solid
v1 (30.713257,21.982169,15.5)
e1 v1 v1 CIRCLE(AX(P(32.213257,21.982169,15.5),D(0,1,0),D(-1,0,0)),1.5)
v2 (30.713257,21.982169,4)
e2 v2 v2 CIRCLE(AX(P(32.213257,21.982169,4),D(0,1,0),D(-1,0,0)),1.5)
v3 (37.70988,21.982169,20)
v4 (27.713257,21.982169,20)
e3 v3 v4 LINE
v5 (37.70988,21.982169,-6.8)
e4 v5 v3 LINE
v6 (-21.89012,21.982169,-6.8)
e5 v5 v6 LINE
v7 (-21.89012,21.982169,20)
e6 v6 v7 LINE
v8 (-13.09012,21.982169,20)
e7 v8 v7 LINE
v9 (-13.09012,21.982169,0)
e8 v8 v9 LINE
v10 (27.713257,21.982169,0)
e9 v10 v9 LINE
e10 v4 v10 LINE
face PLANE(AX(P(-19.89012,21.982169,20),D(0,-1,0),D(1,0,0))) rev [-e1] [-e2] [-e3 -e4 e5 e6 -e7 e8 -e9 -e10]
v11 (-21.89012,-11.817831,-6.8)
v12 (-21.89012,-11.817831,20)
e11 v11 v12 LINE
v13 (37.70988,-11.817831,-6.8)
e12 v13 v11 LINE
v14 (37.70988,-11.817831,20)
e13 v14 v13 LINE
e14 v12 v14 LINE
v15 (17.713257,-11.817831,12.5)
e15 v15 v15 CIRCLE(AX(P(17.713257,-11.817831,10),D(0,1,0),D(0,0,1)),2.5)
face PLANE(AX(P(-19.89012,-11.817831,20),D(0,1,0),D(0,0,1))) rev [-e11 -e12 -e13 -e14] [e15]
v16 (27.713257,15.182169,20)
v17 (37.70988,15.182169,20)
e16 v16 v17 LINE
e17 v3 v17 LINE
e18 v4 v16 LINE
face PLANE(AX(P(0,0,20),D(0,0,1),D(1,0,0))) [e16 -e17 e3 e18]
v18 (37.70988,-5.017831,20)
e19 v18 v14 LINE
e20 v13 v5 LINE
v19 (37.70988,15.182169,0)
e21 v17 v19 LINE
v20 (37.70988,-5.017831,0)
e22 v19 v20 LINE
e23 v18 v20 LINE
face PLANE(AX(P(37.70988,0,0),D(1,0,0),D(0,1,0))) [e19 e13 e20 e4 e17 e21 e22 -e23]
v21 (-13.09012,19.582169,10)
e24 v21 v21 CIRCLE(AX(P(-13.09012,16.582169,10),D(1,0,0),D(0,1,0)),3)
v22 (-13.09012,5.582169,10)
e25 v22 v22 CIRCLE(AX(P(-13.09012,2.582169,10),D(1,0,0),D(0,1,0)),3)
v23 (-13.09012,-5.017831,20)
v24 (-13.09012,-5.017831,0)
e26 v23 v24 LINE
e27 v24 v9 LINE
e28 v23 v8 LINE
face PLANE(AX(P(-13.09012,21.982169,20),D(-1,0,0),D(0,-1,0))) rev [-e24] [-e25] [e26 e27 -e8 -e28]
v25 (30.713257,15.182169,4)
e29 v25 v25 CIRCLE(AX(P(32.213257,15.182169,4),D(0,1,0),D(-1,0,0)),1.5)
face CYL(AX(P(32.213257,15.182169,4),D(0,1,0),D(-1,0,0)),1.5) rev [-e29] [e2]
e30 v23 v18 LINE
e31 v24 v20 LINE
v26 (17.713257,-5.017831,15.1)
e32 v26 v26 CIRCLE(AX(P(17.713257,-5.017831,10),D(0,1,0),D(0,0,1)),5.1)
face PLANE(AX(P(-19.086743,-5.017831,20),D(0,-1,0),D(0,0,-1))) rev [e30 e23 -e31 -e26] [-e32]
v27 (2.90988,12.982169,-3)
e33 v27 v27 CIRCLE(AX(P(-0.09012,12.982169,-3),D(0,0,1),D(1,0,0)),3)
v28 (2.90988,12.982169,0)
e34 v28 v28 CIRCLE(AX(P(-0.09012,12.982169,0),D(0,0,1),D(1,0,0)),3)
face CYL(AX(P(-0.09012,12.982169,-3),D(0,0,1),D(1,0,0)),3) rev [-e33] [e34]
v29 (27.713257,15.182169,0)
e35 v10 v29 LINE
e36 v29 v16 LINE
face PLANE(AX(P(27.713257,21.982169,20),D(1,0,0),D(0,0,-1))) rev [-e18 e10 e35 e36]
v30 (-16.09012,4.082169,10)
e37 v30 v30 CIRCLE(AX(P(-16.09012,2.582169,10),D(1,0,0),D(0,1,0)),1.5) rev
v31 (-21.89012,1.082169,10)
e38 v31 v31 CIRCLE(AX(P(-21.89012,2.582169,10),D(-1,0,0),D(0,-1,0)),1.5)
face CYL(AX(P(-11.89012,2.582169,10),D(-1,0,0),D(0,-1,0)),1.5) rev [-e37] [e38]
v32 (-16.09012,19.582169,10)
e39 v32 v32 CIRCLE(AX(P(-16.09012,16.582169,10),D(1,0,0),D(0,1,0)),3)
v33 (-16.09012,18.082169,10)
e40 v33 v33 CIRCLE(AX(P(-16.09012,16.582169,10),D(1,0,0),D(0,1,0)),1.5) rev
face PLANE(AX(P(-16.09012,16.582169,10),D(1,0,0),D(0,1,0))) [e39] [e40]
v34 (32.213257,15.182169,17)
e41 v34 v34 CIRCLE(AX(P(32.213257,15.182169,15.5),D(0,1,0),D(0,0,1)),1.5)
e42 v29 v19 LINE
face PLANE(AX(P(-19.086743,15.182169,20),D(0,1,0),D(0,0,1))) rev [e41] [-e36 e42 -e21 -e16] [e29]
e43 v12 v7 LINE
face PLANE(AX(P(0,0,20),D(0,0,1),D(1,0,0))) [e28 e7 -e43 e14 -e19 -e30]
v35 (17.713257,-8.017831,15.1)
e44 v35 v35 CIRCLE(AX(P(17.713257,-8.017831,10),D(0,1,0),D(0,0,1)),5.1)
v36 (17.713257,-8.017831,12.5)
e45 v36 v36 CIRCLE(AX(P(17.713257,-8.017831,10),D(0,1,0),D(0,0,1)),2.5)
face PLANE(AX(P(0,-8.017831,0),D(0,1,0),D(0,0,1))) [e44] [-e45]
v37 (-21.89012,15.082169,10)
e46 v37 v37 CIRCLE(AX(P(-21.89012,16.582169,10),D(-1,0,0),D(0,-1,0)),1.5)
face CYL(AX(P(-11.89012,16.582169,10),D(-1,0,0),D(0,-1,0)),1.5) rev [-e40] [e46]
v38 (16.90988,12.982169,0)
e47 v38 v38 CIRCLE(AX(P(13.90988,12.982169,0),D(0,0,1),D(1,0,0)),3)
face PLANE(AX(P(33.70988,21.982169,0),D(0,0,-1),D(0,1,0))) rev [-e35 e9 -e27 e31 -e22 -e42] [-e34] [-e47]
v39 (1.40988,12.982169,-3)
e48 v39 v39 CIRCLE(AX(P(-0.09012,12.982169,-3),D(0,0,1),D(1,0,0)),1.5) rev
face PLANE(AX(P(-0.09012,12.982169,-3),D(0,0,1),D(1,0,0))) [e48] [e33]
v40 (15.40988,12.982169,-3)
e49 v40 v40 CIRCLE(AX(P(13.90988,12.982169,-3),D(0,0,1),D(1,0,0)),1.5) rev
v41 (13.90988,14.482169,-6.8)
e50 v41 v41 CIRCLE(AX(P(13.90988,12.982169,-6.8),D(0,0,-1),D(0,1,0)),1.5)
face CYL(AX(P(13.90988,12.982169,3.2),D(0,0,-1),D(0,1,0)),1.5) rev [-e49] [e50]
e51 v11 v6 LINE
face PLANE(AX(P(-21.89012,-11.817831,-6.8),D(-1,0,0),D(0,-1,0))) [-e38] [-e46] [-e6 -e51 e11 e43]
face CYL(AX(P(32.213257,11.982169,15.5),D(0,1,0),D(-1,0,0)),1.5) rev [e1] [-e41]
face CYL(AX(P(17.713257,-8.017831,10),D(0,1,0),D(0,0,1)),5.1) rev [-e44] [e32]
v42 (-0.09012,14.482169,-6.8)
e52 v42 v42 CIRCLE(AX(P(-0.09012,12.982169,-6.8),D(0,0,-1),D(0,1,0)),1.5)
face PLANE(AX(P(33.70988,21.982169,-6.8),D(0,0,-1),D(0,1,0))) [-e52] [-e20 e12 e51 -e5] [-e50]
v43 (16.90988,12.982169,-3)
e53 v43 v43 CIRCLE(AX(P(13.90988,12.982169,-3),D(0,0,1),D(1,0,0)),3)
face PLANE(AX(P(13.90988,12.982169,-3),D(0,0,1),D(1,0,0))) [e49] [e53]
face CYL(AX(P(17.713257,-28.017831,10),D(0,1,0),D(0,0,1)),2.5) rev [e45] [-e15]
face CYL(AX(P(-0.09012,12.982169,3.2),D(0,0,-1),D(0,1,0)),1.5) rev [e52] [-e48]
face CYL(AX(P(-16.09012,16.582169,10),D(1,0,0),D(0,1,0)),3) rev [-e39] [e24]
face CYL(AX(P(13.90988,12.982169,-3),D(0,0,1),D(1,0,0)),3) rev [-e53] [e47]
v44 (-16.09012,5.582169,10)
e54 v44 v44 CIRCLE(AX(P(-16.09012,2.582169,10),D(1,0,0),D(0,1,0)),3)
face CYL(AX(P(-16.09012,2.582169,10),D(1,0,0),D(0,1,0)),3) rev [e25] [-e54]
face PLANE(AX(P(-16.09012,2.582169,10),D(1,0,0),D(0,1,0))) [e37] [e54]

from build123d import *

# Parameters (mm, degrees)
BOSS_EXTRUDE2_DEPTH  = 20
SKETCH4_W            = 6.8
SKETCH4_H            = 33.8
BOSS_EXTRUDE3_DEPTH  = 53.6
SKETCH8_W            = 20
SKETCH8_H            = 20.2
CUT_EXTRUDE1_DEPTH   = 53.6
SKETCH9_R            = 5
CUT_EXTRUDE3_DEPTH   = 3
SKETCH11_R           = 2.5
CUT_EXTRUDE4_DEPTH   = 20
SKETCH12_R           = 1.1
CUT_EXTRUDE6_DEPTH   = 20
SKETCH13_W           = 2
SKETCH13_H           = 26.8
BOSS_EXTRUDE4_DEPTH  = 33.8
SKETCH16_R           = 1.1
CUT_EXTRUDE7_DEPTH   = 20
SKETCH17_W           = 2
SKETCH17_H           = 26.8
BOSS_EXTRUDE5_DEPTH  = 33.8
SKETCH18_W           = 20
SKETCH18_H           = 20.2
CUT_EXTRUDE9_DEPTH   = 60
SKETCH19_W           = 20
SKETCH19_H           = 20.2
CUT_EXTRUDE10_DEPTH  = 60
SKETCH20_W           = 8.8
SKETCH20_H           = 20.2
BOSS_EXTRUDE6_DEPTH  = 20
SKETCH21_R           = 1.1
BOSS_EXTRUDE7_DEPTH  = 13.6
SKETCH23_R           = 1.1
BOSS_EXTRUDE8_DEPTH  = 13.6
SKETCH24_R           = 1.125173923
BOSS_EXTRUDE9_DEPTH  = 6.8
SKETCH25_R           = 1.1
SKETCH25_R_2         = 1.440897936
BOSS_EXTRUDE10_DEPTH = 6.8
SKETCH26_R           = 1.5
CUT_EXTRUDE11_DEPTH  = 10
SKETCH27_R           = 1.5
CUT_EXTRUDE12_DEPTH  = 10
SKETCH29_R           = 1.5
CUT_EXTRUDE15_DEPTH  = 10
SKETCH31_R           = 3
CUT_EXTRUDE16_DEPTH  = 3
SKETCH32_R           = 3
CUT_EXTRUDE17_DEPTH  = 3
SKETCH33_R           = 5.1
CUT_EXTRUDE18_DEPTH  = 3
SKETCH35_W           = 6.8
SKETCH35_H           = 20.2
BOSS_EXTRUDE11_DEPTH = 2
SKETCH36_R           = 2.5
BOSS_EXTRUDE13_DEPTH = 6.8
SKETCH37_R           = 1.5
CUT_EXTRUDE19_DEPTH  = 6.8


with BuildPart() as part:
    # Sketch1 → Boss-Extrude2 (new body)
    with BuildSketch(Plane.XY):
        Polygon((-13.090120482, -4.867831325), (27.713257426, -4.867831325), (27.713257426, 21.982168675), (34.513257426, 21.982168675), (34.513257426, -5.017831325), (34.513257426, -11.817831325), (-19.890120482, -11.817831325), (-19.890120482, -5.017831325), (-19.890120482, 21.982168675), (-13.090120482, 21.982168675), align=None)
    extrude(amount=BOSS_EXTRUDE2_DEPTH)

    # Sketch4 → Boss-Extrude3 (add)
    with BuildSketch(Plane.ZY.offset(19.890120482)):
        with Locations((-3.4, 5.082168675)):
            Rectangle(SKETCH4_W, SKETCH4_H)
    extrude(amount=-BOSS_EXTRUDE3_DEPTH)

    # Sketch8 → Cut-Extrude1 (cut)
    with BuildSketch(Plane(origin=(34.513257426, 0, 0), x_dir=(0, 0, -1), z_dir=(1, 0, 0))):
        with Locations((-10, 5.082168675)):
            Rectangle(SKETCH8_W, SKETCH8_H)
    extrude(amount=-CUT_EXTRUDE1_DEPTH, mode=Mode.SUBTRACT)

    # Sketch9 → Cut-Extrude3 (cut)
    with BuildSketch(Plane(origin=(0, -5.017831325, 0), x_dir=(1, 0, 0), z_dir=(0, 1, 0))):
        with Locations(Location((17.713257426, -10, 0), (0, 0, 270))):
            Circle(SKETCH9_R)
    extrude(amount=-CUT_EXTRUDE3_DEPTH, mode=Mode.SUBTRACT)

    # Sketch11 → Cut-Extrude4 (cut)
    with BuildSketch(Plane(origin=(0, -8.017831325, 0), x_dir=(1, 0, 0), z_dir=(0, 1, 0))):
        with Locations(Location((17.713257426, -10, 0), (0, 0, 270))):
            Circle(SKETCH11_R)
    extrude(amount=-CUT_EXTRUDE4_DEPTH, mode=Mode.SUBTRACT)

    # Sketch12 → Cut-Extrude6 (cut)
    with BuildSketch(Plane(origin=(0, 21.982168675, 0), x_dir=(1, 0, 0), z_dir=(0, 1, 0))):
        with Locations(Location((32.513257426, -15.3, 0), (0, 0, 180))):
            Circle(SKETCH12_R)
        with Locations(Location((31.709879518, -4.7, 0), (0, 0, 180))):
            Circle(SKETCH12_R)
    extrude(amount=-CUT_EXTRUDE6_DEPTH, mode=Mode.SUBTRACT)

    # Sketch13 → Boss-Extrude4 (add)
    with BuildSketch(Plane(origin=(0, 21.982168675, 0), x_dir=(1, 0, 0), z_dir=(0, 1, 0))):
        with Locations((34.709879518, -6.6)):
            Rectangle(SKETCH13_W, SKETCH13_H)
    extrude(amount=-BOSS_EXTRUDE4_DEPTH)

    # Sketch16 → Cut-Extrude7 (cut)
    with BuildSketch(Plane(origin=(0, 21.982168675, 0), x_dir=(1, 0, 0), z_dir=(0, 1, 0))):
        with Locations(Location((-17.890120482, -15.3, 0), (0, 0, 180))):
            Circle(SKETCH16_R)
        with Locations(Location((-17.890120482, -4.7, 0), (0, 0, 180))):
            Circle(SKETCH16_R)
    extrude(amount=-CUT_EXTRUDE7_DEPTH, mode=Mode.SUBTRACT)

    # Sketch17 → Boss-Extrude5 (add)
    with BuildSketch(Plane(origin=(0, 21.982168675, 0), x_dir=(1, 0, 0), z_dir=(0, 1, 0))):
        with Locations((-20.890120482, -6.6)):
            Rectangle(SKETCH17_W, SKETCH17_H)
    extrude(amount=-BOSS_EXTRUDE5_DEPTH)

    # Sketch18 → Cut-Extrude9 (cut)
    with BuildSketch(Plane.ZY.offset(-33.709879518)):
        with Locations((10, 5.082168675)):
            Rectangle(SKETCH18_W, SKETCH18_H)
    extrude(amount=CUT_EXTRUDE9_DEPTH, mode=Mode.SUBTRACT)

    # Sketch19 → Cut-Extrude10 (cut)
    with BuildSketch(Plane.ZY.offset(-33.709879518)):
        with Locations((10, 5.082168675)):
            Rectangle(SKETCH19_W, SKETCH19_H)
    extrude(amount=-CUT_EXTRUDE10_DEPTH, mode=Mode.SUBTRACT)

    # Sketch20 → Boss-Extrude6 (add)
    with BuildSketch(Plane.XY):
        with Locations((-17.490120482, 5.082168675)):
            Rectangle(SKETCH20_W, SKETCH20_H)
    extrude(amount=BOSS_EXTRUDE6_DEPTH)

    # Sketch21 → Boss-Extrude7 (add)
    with BuildSketch(Plane(origin=(0, 21.982168675, 0), x_dir=(1, 0, 0), z_dir=(0, 1, 0))):
        with Locations((-17.890120482, -4.7)):
            Circle(SKETCH21_R)
    extrude(amount=-BOSS_EXTRUDE7_DEPTH)

    # Sketch23 → Boss-Extrude8 (add)
    with BuildSketch(Plane(origin=(0, 21.982168675, 0), x_dir=(1, 0, 0), z_dir=(0, 1, 0))):
        with Locations((-17.890120482, -15.3)):
            Circle(SKETCH23_R)
    extrude(amount=-BOSS_EXTRUDE8_DEPTH)

    # Sketch24 → Boss-Extrude9 (add)
    with BuildSketch(Plane(origin=(0, 21.982168675, 0), x_dir=(1, 0, 0), z_dir=(0, 1, 0))):
        with Locations((32.513257426, -15.3)):
            Circle(SKETCH24_R)
    extrude(amount=-BOSS_EXTRUDE9_DEPTH)

    # Sketch25 → Boss-Extrude10 (add)
    with BuildSketch(Plane(origin=(0, 21.982168675, 0), x_dir=(1, 0, 0), z_dir=(0, 1, 0))):
        with Locations((29.715206423, -15.150513528)):
            Circle(SKETCH25_R)
        with Locations((31.709879518, -4.7)):
            Circle(SKETCH25_R_2)
    extrude(amount=-BOSS_EXTRUDE10_DEPTH)

    # Sketch26 → Cut-Extrude11 (cut)
    with BuildSketch(Plane(origin=(0, 21.982168675, 0), x_dir=(1, 0, 0), z_dir=(0, 1, 0))):
        with Locations(Location((32.213257426, -4.5, 0), (0, 0, 180))):
            Circle(SKETCH26_R)
        with Locations(Location((32.213257426, -15.5, 0), (0, 0, 180))):
            Circle(SKETCH26_R)
    extrude(amount=-CUT_EXTRUDE11_DEPTH, mode=Mode.SUBTRACT)

    # Sketch27 → Cut-Extrude12 (cut)
    with BuildSketch(Plane(origin=(0, 0, -6.8), x_dir=(-1, 0, 0), z_dir=(0, 0, -1))):
        with Locations(Location((-13.909879518, 12.982168675, 0), (0, 0, 90))):
            Circle(SKETCH27_R)
        with Locations(Location((0.090120482, 12.982168675, 0), (0, 0, 90))):
            Circle(SKETCH27_R)
    extrude(amount=-CUT_EXTRUDE12_DEPTH, mode=Mode.SUBTRACT)

    # Sketch29 → Cut-Extrude15 (cut)
    with BuildSketch(Plane.ZY.offset(21.890120482)):
        with Locations(Location((10, 2.582168675, 0), (0, 0, 270))):
            Circle(SKETCH29_R)
        with Locations(Location((10, 16.582168675, 0), (0, 0, 270))):
            Circle(SKETCH29_R)
    extrude(amount=-CUT_EXTRUDE15_DEPTH, mode=Mode.SUBTRACT)

    # Sketch31 → Cut-Extrude16 (cut)
    with BuildSketch(Plane(origin=(-13.090120482, 0, 0), x_dir=(0, 0, -1), z_dir=(1, 0, 0))):
        with Locations(Location((-10, 2.582168675, 0), (0, 0, 90))):
            Circle(SKETCH31_R)
        with Locations(Location((-10, 16.582168675, 0), (0, 0, 90))):
            Circle(SKETCH31_R)
    extrude(amount=-CUT_EXTRUDE16_DEPTH, mode=Mode.SUBTRACT)

    # Sketch32 → Cut-Extrude17 (cut)
    with BuildSketch(Plane.XY):
        with Locations((-0.090120482, 12.982168675)):
            Circle(SKETCH32_R)
        with Locations((13.909879518, 12.982168675)):
            Circle(SKETCH32_R)
    extrude(amount=-CUT_EXTRUDE17_DEPTH, mode=Mode.SUBTRACT)

    # Sketch33 → Cut-Extrude18 (cut)
    with BuildSketch(Plane(origin=(0, -5.017831325, 0), x_dir=(1, 0, 0), z_dir=(0, 1, 0))):
        with Locations(Location((17.713257426, -10, 0), (0, 0, 270))):
            Circle(SKETCH33_R)
    extrude(amount=-CUT_EXTRUDE18_DEPTH, mode=Mode.SUBTRACT)

    # Sketch35 → Boss-Extrude11 (add)
    with BuildSketch(Plane(origin=(35.709879518, 0, 0), x_dir=(0, 0, -1), z_dir=(1, 0, 0))):
        Polygon((-20, 21.982168675), (-20, 15.182168675), (0, 15.182168675), (6.8, 15.182168675), (6.8, 21.982168675), align=None)
        with Locations((3.4, 5.082168675)):
            Rectangle(SKETCH35_W, SKETCH35_H)
        Polygon((6.8, -5.017831325), (0, -5.017831325), (-20, -5.017831325), (-20, -11.817831325), (6.8, -11.817831325), align=None)
    extrude(amount=BOSS_EXTRUDE11_DEPTH)

    # Sketch36 → Boss-Extrude13 (add)
    with BuildSketch(Plane(origin=(0, 21.982168675, 0), x_dir=(1, 0, 0), z_dir=(0, 1, 0))):
        with Locations((31.713257426, -4)):
            Circle(SKETCH36_R)
    extrude(amount=-BOSS_EXTRUDE13_DEPTH)

    # Sketch37 → Cut-Extrude19 (cut)
    with BuildSketch(Plane(origin=(0, 21.982168675, 0), x_dir=(1, 0, 0), z_dir=(0, 1, 0))):
        with Locations(Location((32.213257426, -4, 0), (0, 0, 180))):
            Circle(SKETCH37_R)
    extrude(amount=-CUT_EXTRUDE19_DEPTH, mode=Mode.SUBTRACT)


solid = part.part
